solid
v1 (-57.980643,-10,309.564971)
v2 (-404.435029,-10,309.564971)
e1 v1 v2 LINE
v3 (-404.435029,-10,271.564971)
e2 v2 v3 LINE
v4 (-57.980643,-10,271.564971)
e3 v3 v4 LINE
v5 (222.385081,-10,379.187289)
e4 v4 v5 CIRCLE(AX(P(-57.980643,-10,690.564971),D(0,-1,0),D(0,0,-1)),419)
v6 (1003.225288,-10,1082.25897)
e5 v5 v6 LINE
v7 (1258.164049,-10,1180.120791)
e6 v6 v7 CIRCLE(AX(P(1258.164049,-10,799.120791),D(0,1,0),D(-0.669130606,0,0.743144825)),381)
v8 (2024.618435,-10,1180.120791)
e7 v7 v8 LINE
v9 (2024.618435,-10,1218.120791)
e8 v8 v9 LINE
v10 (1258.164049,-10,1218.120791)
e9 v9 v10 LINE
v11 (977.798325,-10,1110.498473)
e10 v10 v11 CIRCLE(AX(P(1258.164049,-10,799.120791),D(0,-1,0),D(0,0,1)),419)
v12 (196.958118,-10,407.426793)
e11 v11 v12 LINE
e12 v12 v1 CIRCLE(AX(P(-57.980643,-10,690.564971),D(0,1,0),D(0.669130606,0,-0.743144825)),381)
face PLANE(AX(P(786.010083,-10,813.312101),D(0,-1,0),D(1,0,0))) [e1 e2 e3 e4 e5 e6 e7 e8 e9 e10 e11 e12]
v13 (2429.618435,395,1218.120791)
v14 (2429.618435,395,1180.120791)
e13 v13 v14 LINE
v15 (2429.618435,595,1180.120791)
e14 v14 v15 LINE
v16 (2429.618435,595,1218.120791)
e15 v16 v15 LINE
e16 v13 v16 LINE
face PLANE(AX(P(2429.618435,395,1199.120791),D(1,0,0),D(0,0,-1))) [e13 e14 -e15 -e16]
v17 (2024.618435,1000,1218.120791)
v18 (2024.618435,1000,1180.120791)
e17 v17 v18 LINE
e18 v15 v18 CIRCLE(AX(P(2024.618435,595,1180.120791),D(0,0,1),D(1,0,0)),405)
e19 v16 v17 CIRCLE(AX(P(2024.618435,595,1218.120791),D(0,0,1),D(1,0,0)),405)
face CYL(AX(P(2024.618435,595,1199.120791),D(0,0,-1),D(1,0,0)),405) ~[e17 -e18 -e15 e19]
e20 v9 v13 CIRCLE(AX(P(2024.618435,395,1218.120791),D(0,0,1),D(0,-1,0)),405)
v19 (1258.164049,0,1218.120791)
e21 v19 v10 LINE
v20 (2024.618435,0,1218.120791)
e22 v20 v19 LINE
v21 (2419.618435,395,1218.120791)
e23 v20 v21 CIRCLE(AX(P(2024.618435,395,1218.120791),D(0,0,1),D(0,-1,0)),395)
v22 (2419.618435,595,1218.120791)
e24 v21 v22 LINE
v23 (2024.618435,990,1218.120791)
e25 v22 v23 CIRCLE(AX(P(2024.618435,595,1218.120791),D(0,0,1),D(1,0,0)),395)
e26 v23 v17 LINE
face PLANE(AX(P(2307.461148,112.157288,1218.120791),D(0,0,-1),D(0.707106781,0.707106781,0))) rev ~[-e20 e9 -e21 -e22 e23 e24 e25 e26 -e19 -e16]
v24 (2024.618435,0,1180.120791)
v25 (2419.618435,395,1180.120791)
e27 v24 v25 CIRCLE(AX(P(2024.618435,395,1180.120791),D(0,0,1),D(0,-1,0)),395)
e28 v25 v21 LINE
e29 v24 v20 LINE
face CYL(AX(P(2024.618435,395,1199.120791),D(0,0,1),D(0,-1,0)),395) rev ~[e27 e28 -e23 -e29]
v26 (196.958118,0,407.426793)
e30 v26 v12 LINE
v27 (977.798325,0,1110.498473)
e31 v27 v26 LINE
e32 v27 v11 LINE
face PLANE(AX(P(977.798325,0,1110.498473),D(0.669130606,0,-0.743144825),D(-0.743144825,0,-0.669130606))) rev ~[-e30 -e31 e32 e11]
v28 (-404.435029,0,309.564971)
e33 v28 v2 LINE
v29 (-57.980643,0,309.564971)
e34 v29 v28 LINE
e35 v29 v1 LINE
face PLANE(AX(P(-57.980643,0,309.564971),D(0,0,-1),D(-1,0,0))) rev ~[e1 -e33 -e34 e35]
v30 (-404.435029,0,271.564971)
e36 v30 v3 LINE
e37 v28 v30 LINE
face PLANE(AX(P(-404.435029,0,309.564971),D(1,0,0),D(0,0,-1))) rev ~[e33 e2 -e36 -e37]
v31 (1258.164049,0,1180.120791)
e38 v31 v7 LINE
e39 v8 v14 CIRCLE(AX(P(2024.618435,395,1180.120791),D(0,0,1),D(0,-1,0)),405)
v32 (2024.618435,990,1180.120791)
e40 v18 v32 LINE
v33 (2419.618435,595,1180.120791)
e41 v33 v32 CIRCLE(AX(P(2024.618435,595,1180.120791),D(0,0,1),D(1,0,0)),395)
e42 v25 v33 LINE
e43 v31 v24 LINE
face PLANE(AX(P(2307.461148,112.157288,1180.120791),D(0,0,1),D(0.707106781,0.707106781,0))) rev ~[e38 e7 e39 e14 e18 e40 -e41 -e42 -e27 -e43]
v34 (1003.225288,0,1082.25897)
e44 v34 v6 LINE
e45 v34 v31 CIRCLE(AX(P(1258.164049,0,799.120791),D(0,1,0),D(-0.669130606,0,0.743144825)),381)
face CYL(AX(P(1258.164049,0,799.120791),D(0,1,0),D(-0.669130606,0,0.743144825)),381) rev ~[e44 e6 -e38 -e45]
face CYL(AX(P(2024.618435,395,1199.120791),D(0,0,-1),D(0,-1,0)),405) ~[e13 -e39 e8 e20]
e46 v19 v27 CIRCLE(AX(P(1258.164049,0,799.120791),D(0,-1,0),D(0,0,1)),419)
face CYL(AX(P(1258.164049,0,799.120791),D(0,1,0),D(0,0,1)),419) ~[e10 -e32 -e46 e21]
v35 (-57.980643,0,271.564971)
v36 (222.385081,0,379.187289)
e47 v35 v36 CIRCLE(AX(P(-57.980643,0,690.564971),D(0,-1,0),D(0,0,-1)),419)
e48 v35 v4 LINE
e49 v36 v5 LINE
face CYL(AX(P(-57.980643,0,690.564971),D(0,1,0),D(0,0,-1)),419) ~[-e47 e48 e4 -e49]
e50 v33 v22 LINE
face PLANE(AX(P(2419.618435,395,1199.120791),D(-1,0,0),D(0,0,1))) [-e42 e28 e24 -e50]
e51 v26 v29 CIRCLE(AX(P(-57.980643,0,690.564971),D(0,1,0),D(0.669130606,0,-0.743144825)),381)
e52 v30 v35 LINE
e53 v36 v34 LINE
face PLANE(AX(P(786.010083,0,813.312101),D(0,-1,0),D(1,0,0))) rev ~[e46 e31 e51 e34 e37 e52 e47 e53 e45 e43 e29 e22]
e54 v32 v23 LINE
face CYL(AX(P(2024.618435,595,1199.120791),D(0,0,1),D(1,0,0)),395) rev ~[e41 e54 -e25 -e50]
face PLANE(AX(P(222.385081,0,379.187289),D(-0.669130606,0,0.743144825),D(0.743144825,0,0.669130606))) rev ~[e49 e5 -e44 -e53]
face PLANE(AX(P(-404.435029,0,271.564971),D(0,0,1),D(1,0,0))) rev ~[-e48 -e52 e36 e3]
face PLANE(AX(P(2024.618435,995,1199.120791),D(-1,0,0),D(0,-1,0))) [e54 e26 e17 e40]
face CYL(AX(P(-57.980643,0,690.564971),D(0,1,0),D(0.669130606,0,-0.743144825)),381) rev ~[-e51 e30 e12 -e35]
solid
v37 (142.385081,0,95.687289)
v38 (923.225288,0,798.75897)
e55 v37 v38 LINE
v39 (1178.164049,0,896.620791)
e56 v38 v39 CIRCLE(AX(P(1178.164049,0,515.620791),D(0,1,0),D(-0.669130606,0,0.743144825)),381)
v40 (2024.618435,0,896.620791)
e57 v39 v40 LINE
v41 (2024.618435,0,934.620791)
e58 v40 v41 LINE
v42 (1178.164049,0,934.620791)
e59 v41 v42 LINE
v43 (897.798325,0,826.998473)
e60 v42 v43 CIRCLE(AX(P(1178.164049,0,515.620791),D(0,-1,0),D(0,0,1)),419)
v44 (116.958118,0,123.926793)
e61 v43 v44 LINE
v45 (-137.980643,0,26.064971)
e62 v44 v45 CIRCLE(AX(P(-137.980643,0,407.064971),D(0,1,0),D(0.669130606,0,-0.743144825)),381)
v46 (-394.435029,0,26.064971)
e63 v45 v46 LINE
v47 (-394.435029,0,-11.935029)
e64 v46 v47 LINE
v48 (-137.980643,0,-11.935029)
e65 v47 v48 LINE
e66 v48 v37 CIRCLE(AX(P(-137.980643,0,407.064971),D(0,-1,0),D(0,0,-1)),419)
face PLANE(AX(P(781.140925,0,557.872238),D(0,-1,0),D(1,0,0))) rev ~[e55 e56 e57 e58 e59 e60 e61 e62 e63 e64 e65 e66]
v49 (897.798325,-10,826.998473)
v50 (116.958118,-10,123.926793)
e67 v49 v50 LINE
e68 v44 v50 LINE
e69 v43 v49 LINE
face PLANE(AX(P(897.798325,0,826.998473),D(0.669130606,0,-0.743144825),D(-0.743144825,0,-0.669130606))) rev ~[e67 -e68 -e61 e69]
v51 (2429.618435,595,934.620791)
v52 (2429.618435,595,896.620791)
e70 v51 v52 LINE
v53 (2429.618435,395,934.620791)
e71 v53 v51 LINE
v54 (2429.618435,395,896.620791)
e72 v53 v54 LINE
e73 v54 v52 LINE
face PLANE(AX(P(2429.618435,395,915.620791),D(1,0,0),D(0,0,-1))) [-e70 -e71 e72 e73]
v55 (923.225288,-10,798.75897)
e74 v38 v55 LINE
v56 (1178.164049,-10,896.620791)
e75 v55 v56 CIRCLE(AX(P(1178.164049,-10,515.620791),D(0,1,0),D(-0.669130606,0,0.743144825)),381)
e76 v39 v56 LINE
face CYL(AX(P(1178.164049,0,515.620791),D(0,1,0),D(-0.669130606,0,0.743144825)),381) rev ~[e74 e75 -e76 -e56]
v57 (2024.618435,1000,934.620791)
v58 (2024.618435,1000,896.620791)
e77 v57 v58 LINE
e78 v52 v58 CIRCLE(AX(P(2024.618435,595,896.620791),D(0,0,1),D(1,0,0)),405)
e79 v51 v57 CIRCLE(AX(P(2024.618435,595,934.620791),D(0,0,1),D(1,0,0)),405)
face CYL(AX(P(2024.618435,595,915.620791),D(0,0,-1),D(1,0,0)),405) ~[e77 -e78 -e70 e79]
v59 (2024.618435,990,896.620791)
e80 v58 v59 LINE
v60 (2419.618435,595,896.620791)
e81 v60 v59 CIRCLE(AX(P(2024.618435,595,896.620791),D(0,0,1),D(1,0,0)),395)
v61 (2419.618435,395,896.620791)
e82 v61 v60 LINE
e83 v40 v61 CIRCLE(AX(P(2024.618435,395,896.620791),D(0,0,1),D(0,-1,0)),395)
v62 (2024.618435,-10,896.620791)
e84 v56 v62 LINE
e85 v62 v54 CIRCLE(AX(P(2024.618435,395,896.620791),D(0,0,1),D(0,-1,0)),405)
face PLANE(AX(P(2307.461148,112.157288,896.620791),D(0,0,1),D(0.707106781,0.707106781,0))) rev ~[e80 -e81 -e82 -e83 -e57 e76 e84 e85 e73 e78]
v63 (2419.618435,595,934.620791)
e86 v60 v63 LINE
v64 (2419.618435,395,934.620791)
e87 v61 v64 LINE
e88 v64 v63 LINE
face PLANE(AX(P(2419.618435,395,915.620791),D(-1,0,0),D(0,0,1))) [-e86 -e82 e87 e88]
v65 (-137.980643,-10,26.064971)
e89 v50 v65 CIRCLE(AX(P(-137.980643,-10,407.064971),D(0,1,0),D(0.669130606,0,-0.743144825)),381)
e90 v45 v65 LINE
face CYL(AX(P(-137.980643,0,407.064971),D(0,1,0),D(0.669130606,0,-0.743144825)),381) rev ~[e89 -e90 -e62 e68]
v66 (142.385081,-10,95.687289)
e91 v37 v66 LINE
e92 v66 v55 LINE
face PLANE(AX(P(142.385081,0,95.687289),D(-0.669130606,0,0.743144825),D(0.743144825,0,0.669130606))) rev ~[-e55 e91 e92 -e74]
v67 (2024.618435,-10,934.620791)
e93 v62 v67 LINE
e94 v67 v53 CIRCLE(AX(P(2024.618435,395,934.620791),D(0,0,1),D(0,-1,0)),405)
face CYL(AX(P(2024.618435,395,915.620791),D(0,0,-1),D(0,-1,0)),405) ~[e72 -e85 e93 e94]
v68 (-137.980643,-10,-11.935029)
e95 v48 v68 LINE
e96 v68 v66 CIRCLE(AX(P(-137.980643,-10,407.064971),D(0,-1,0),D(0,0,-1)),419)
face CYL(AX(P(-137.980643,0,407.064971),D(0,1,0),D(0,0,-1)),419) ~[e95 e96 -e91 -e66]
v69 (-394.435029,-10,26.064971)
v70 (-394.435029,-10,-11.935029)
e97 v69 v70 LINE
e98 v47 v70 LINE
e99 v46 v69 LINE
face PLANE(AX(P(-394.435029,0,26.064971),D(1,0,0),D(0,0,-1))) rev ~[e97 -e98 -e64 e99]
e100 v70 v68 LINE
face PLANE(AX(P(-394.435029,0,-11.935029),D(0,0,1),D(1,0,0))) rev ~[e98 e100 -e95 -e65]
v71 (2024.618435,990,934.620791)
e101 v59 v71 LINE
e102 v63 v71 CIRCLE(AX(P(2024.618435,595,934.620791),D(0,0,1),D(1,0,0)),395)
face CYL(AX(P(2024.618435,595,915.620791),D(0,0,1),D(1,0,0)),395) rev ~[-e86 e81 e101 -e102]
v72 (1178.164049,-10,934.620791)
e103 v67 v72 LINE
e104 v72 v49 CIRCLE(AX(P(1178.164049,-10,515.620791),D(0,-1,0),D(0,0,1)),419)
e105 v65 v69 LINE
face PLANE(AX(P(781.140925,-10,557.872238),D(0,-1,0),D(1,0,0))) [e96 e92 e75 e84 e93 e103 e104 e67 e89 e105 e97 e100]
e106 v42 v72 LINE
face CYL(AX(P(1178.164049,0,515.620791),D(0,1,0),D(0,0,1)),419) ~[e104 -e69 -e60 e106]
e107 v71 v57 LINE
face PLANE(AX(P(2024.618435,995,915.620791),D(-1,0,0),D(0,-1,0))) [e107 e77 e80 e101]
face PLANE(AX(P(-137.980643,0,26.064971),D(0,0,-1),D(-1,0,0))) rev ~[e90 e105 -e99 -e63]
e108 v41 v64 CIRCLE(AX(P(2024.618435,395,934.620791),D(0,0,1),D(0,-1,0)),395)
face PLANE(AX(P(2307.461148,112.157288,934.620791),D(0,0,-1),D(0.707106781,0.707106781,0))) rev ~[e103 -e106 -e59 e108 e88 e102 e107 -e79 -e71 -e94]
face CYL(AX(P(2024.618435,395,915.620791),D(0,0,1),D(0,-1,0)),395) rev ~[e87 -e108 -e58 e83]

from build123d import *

# Parameters (mm, degrees)
F1_DEPTH   = 10
F1_FACE1_W = 10
F1_FACE1_H = 38


with BuildPart() as f1:
    # F0 (on Front) → F1 (new body)
    with BuildSketch(Plane.XZ):
        with BuildLine():
            Line((-404.4350288425, 309.5649711575), (-404.4350288425, 271.5649711575))
            Line((-404.4350288425, 271.5649711575), (-57.9806428567, 271.5649711575))
            ThreePointArc((-57.9806428567, 271.5649711575), (92.1755280028, 299.3947724551), (222.3850812077, 379.1872892824))
            Line((222.3850812077, 379.1872892824), (1003.2252882849, 1082.2589696852))
            ThreePointArc((1003.2252882849, 1082.2589696852), (1121.6258605309, 1154.8149336737), (1258.1640493077, 1180.1207911783))
            Line((1258.1640493077, 1180.1207911783), (2024.6184352935, 1180.1207911783))
            Line((2024.6184352935, 1180.1207911783), (2024.6184352935, 1218.1207911783))
            Line((2024.6184352935, 1218.1207911783), (1258.1640493077, 1218.1207911783))
            ThreePointArc((1258.1640493077, 1218.1207911783), (1108.0078784482, 1190.2909898806), (977.7983252433, 1110.4984730533))
            Line((977.7983252433, 1110.4984730533), (196.958118166, 407.4267926506))
            ThreePointArc((196.958118166, 407.4267926506), (78.55754592, 334.870828662), (-57.9806428567, 309.5649711575))
            Line((-57.9806428567, 309.5649711575), (-404.4350288425, 309.5649711575))
        make_face()
    extrude(amount=F1_DEPTH)

    # F3: sweep along a path in F2
    with BuildLine(Plane.XY.offset(1218.1207911783)) as f3_path:
        ThreePointArc((2024.6184352935, -5), (2307.4611477681, 112.1572875254), (2424.6184352935, 395))
        Line((2424.6184352935, 395), (2424.6184352935, 595))
        ThreePointArc((2424.6184352935, 595), (2307.4611477681, 877.8427124746), (2024.6184352935, 995))
    # F1_face1 (on face) → F3 (sweep)
    with BuildSketch(Plane(origin=(2024.6184352935, -5, 1199.1207911783), x_dir=(0, 1, 0), z_dir=(1, 0, 0))):
        Rectangle(F1_FACE1_W, F1_FACE1_H)
    sweep(path=f3_path.line)


with BuildPart() as f1b:
    # F0 (on Front) → F1, piece 2 (new body)
    with BuildSketch(Plane.XZ):
        with BuildLine():
            Line((-137.9806428567, 26.0649711575), (-394.4350288425, 26.0649711575))
            Line((-394.4350288425, 26.0649711575), (-394.4350288425, -11.9350288425))
            Line((-394.4350288425, -11.9350288425), (-137.9806428567, -11.9350288425))
            ThreePointArc((-137.9806428567, -11.9350288425), (12.1755280028, 15.8947724551), (142.3850812077, 95.6872892824))
            Line((142.3850812077, 95.6872892824), (923.2252882849, 798.7589696852))
            ThreePointArc((923.2252882849, 798.7589696852), (1041.6258605309, 871.3149336737), (1178.1640493077, 896.6207911783))
            Line((1178.1640493077, 896.6207911783), (2024.6184352935, 896.6207911783))
            Line((2024.6184352935, 896.6207911783), (2024.6184352935, 934.6207911783))
            Line((2024.6184352935, 934.6207911783), (1178.1640493077, 934.6207911783))
            ThreePointArc((1178.1640493077, 934.6207911783), (1028.0078784482, 906.7909898806), (897.7983252433, 826.9984730533))
            Line((897.7983252433, 826.9984730533), (116.958118166, 123.9267926506))
            ThreePointArc((116.958118166, 123.9267926506), (-1.44245408, 51.370828662), (-137.9806428567, 26.0649711575))
        make_face()
    extrude(amount=F1_DEPTH)

    # F5: sweep along a path in F4
    with BuildLine(Plane(origin=(0, 0, 896.6207911783), x_dir=(1, 0, 0), z_dir=(0, 0, -1))) as f5_path:
        ThreePointArc((2024.6184352935, 5), (2307.4611477681, -112.1572875254), (2424.6184352935, -395))
        Line((2424.6184352935, -395), (2424.6184352935, -595))
        ThreePointArc((2424.6184352935, -595), (2307.4611477681, -877.8427124746), (2024.6184352935, -995))
    # F1_face1 (on face) → F5 (sweep)
    with BuildSketch(Plane(origin=(2024.6184352935, -5, 1199.1207911783), x_dir=(0, 1, 0), z_dir=(1, 0, 0))):
        with Locations((0, -283.5)):
            Rectangle(F1_FACE1_W, F1_FACE1_H)
    sweep(path=f5_path.line)


solid = Compound([f1.part, f1b.part])
